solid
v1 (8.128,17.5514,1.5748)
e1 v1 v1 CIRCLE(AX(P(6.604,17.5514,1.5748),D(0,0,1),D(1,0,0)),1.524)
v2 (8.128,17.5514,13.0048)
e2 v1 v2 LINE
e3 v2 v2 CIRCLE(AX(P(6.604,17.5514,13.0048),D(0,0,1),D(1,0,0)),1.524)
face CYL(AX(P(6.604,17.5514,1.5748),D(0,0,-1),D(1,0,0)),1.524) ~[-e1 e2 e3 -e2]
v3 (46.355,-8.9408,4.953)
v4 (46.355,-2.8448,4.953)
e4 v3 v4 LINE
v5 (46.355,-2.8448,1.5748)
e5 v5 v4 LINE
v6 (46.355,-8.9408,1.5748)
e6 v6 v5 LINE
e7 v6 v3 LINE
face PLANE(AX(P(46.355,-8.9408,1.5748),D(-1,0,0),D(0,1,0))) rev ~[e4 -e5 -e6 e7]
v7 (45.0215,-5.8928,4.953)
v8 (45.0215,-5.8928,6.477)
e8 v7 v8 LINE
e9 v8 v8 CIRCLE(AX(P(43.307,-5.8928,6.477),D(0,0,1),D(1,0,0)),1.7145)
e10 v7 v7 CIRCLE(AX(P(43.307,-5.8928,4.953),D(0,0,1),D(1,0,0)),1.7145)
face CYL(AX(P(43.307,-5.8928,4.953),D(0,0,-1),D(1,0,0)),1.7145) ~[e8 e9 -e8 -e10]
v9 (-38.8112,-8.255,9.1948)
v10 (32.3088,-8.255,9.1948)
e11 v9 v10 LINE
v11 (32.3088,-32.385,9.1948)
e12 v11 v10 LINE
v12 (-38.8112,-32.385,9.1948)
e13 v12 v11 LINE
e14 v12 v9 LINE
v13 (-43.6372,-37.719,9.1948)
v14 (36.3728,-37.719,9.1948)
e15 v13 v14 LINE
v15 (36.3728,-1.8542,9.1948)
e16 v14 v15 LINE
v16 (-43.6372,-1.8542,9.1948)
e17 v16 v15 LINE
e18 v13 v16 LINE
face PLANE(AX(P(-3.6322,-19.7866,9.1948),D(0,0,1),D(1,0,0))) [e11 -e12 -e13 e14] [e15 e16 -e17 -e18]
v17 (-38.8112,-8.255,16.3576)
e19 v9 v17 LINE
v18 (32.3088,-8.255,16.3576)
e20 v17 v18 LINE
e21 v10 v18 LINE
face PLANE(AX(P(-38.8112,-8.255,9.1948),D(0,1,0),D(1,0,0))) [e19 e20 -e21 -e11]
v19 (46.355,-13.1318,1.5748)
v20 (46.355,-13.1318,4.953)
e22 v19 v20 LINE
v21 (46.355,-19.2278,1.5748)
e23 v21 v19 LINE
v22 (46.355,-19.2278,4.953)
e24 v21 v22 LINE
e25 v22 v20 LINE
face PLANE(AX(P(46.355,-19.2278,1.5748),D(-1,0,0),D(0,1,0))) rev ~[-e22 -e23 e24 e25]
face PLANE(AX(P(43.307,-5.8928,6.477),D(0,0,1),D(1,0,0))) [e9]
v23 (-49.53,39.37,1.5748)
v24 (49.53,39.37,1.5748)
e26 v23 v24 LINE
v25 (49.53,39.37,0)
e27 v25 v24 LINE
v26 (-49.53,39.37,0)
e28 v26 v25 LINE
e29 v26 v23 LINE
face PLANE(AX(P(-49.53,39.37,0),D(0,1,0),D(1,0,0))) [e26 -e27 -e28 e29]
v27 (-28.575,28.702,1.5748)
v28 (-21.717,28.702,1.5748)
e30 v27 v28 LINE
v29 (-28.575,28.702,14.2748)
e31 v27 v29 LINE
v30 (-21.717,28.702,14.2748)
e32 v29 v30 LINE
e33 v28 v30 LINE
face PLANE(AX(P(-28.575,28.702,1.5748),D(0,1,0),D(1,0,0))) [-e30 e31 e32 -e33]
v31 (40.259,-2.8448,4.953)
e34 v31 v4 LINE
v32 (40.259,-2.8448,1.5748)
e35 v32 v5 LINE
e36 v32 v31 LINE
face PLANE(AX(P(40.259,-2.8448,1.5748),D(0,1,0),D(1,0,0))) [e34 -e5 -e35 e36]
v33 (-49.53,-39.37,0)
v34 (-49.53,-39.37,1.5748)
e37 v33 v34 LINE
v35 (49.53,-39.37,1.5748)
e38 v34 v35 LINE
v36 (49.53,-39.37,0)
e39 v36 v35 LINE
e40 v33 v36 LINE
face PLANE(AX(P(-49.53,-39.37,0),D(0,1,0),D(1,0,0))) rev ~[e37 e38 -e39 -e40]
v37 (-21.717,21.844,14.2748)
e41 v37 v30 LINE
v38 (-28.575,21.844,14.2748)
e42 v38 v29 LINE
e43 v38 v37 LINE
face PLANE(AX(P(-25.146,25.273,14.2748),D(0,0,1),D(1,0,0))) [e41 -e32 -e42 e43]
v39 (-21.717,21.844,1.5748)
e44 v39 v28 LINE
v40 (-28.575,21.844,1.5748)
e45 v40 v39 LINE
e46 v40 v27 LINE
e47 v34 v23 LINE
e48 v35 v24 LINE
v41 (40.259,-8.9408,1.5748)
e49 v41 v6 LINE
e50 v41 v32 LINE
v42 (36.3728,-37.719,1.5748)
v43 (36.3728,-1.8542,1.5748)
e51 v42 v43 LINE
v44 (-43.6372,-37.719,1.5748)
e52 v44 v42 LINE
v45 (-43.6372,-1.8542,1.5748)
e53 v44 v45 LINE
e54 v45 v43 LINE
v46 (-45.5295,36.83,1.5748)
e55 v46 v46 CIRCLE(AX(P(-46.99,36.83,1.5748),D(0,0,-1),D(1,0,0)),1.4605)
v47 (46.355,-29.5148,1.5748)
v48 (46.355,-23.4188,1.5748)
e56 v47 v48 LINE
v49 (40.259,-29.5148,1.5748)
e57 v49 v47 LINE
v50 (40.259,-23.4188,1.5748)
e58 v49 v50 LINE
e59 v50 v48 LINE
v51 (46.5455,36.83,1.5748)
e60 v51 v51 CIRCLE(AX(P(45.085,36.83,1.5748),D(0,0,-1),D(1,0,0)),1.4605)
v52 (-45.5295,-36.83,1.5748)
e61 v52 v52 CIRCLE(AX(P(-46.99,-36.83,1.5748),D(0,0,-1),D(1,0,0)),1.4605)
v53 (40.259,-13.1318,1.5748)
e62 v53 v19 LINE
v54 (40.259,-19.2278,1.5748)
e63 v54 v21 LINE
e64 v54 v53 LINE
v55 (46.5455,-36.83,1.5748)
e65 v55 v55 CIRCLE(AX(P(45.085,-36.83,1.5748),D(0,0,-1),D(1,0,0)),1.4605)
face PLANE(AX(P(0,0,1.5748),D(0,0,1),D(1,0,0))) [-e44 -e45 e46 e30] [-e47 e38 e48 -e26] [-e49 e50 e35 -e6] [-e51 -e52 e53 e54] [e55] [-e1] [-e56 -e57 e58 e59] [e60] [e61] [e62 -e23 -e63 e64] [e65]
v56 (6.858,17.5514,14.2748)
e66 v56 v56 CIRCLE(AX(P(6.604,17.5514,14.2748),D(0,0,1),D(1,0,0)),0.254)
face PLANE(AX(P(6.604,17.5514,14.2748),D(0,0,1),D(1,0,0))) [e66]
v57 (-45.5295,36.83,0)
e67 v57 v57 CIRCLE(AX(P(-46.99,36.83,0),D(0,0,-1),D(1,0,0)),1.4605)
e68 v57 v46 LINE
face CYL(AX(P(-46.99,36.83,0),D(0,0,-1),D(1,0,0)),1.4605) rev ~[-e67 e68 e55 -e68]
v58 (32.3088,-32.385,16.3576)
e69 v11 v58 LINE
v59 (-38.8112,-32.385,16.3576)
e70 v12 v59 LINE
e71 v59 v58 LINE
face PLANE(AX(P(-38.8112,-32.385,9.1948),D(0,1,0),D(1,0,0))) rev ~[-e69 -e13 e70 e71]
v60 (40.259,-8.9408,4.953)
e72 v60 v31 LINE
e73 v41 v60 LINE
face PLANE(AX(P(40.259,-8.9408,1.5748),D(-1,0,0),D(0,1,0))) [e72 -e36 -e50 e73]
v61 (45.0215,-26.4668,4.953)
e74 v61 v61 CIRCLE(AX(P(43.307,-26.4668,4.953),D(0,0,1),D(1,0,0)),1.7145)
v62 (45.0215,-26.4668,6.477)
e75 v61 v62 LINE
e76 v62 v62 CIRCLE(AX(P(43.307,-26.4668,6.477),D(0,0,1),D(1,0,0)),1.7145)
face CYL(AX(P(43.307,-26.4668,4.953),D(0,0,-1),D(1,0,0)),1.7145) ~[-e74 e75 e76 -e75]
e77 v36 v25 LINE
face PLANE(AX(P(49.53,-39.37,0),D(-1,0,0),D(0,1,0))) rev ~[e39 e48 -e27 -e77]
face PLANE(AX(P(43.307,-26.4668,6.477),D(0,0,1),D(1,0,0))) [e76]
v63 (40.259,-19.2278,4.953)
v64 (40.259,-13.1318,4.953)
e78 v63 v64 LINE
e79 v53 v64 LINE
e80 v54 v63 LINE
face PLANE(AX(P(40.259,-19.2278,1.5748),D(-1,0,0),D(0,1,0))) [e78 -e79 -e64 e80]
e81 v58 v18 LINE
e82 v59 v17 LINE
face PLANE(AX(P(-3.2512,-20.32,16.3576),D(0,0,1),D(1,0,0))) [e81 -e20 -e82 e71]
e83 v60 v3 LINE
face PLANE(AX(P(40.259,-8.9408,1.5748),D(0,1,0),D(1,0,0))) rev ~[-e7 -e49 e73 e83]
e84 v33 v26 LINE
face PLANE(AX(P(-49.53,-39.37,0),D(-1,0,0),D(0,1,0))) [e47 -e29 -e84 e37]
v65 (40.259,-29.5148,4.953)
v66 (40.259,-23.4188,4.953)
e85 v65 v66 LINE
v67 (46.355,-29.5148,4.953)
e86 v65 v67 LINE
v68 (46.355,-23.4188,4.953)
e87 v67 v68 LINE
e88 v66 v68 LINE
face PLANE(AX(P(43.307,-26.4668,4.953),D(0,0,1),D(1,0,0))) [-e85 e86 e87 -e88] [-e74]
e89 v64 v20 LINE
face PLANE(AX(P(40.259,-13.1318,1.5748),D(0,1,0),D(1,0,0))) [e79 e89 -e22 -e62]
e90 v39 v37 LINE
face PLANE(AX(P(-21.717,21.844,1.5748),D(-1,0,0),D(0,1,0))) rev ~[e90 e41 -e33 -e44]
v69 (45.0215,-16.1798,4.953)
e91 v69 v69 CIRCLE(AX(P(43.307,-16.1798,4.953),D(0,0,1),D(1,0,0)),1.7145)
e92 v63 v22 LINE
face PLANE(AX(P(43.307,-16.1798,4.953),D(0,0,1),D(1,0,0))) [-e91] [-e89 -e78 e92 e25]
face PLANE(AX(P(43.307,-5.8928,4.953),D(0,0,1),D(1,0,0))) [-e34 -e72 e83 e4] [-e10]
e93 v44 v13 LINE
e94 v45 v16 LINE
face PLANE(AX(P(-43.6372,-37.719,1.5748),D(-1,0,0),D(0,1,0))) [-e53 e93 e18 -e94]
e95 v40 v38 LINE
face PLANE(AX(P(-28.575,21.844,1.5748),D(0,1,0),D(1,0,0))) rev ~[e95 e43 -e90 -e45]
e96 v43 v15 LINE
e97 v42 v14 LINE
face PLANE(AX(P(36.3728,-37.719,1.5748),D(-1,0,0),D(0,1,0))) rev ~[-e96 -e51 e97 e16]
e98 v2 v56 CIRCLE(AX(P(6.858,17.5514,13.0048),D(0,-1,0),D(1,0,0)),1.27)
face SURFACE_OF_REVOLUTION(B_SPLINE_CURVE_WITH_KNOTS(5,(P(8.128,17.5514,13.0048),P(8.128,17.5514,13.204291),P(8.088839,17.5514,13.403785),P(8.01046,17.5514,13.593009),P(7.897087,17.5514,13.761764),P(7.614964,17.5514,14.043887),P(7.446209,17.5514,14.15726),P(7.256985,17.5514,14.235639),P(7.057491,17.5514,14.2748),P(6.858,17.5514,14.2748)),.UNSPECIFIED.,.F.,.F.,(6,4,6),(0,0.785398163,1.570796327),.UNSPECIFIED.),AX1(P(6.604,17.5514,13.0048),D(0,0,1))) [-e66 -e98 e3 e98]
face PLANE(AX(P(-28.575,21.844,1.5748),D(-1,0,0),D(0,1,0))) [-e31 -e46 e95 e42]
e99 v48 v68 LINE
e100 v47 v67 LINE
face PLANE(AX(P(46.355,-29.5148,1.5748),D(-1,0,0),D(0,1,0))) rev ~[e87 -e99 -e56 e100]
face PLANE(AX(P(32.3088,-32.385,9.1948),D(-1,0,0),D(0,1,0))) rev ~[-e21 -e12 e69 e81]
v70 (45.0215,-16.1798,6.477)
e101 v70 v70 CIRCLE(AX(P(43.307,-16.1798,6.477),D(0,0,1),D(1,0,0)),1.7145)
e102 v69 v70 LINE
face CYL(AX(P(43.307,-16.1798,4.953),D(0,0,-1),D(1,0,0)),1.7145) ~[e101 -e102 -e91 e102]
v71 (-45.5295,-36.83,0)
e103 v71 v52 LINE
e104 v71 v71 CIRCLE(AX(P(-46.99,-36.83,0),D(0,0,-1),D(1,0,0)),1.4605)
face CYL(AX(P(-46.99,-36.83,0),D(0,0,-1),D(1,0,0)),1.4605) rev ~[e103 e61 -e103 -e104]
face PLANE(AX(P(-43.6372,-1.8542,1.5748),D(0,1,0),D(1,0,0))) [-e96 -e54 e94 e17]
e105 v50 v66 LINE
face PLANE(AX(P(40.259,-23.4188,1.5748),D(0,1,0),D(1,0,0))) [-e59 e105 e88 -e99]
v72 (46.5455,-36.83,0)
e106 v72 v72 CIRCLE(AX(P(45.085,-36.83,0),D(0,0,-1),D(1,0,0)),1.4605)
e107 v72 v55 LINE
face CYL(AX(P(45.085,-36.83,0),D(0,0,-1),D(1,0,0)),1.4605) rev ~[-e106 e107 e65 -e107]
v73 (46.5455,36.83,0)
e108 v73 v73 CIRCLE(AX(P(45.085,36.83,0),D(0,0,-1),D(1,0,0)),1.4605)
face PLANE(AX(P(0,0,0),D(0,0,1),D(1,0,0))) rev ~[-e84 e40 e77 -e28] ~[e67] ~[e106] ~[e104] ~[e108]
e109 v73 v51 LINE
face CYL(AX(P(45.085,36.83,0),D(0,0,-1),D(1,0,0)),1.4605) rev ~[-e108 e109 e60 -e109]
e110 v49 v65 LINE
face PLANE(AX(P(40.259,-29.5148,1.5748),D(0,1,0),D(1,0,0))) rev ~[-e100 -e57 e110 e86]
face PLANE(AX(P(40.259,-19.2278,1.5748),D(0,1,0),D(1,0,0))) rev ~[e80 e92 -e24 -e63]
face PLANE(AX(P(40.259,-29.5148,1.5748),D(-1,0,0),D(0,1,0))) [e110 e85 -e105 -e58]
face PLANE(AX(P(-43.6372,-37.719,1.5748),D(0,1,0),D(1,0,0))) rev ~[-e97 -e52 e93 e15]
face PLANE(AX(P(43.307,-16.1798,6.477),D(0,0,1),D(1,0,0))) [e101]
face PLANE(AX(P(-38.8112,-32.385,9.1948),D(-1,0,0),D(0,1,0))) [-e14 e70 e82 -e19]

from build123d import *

# Parameters (mm, degrees)
F0_W      = 99.06
F0_H      = 78.74
F1_DEPTH  = 1.5748
F2_W      = 80.01
F2_H      = 35.8648
F3_DEPTH  = 7.62
F4_W      = 71.12
F4_H      = 24.13
F5_DEPTH  = 7.1628
F6_W      = 6.096
F6_H      = 6.096
F7_DEPTH  = 3.3782
F8_R      = 1.7145
F9_DEPTH  = 1.524
F10_R     = 1.524
F11_DEPTH = 12.7
F12_R     = 1.27
F13_W     = 6.858
F13_H     = 6.858
F14_DEPTH = 12.7
F15_R     = 1.4605
F16_DEPTH = 1.5748


with BuildPart() as f1:
    # F0 (on Top) → F1 (new body)
    with BuildSketch(Plane.XY):
        Rectangle(F0_W, F0_H)
    extrude(amount=F1_DEPTH)

    # F2 (on face) → F3 (join)
    with BuildSketch(Plane.XY.offset(1.5748)):
        with Locations((-3.6322, -19.7866)):
            Rectangle(F2_W, F2_H)
    extrude(amount=F3_DEPTH)

    # F4 (on face) → F5 (join)
    with BuildSketch(Plane.XY.offset(9.1948)):
        with Locations((-3.2512, -20.32)):
            Rectangle(F4_W, F4_H)
    extrude(amount=F5_DEPTH)

    # F6 (on face) → F7 (join)
    with BuildSketch(Plane.XY.offset(1.5748)):
        with Locations((43.307, -26.4668)):
            Rectangle(F6_W, F6_H)
        with Locations((43.307, -16.1798)):
            Rectangle(F6_W, F6_H)
        with Locations((43.307, -5.8928)):
            Rectangle(F6_W, F6_H)
    extrude(amount=F7_DEPTH)

    # F8 (on face) → F9 (join)
    with BuildSketch(Plane.XY.offset(4.953)):
        with Locations((43.307, -5.8928)):
            Circle(F8_R)
        with Locations((43.307, -16.1798)):
            Circle(F8_R)
        with Locations((43.307, -26.4668)):
            Circle(F8_R)
    extrude(amount=F9_DEPTH)

    # F10 (on face) → F11 (join)
    with BuildSketch(Plane.XY.offset(1.5748)):
        with Locations((6.604, 17.5514)):
            Circle(F10_R)
    extrude(amount=F11_DEPTH)

    # F12
    f12_edges = [f1.edges().sort_by_distance(p)[0] for p in [
        (5.08, 17.5514, 14.2748),
    ]]
    fillet(f12_edges, radius=F12_R)

    # F13 (on face) → F14 (join)
    with BuildSketch(Plane.XY.offset(1.5748)):
        with Locations((-25.146, 25.273)):
            Rectangle(F13_W, F13_H)
    extrude(amount=F14_DEPTH)

    # F15 (on face) → F16 (cut, through all)
    with BuildSketch(Plane(origin=(0, 0, 0), x_dir=(1, 0, 0), z_dir=(0, 0, -1))):
        with Locations((-46.99, 36.83)):
            Circle(F15_R)
        with Locations((45.085, 36.83)):
            Circle(F15_R)
        with Locations((45.085, -36.83)):
            Circle(F15_R)
        with Locations((-46.99, -36.83)):
            Circle(F15_R)
    extrude(amount=-F16_DEPTH, mode=Mode.SUBTRACT)


solid = f1.part
